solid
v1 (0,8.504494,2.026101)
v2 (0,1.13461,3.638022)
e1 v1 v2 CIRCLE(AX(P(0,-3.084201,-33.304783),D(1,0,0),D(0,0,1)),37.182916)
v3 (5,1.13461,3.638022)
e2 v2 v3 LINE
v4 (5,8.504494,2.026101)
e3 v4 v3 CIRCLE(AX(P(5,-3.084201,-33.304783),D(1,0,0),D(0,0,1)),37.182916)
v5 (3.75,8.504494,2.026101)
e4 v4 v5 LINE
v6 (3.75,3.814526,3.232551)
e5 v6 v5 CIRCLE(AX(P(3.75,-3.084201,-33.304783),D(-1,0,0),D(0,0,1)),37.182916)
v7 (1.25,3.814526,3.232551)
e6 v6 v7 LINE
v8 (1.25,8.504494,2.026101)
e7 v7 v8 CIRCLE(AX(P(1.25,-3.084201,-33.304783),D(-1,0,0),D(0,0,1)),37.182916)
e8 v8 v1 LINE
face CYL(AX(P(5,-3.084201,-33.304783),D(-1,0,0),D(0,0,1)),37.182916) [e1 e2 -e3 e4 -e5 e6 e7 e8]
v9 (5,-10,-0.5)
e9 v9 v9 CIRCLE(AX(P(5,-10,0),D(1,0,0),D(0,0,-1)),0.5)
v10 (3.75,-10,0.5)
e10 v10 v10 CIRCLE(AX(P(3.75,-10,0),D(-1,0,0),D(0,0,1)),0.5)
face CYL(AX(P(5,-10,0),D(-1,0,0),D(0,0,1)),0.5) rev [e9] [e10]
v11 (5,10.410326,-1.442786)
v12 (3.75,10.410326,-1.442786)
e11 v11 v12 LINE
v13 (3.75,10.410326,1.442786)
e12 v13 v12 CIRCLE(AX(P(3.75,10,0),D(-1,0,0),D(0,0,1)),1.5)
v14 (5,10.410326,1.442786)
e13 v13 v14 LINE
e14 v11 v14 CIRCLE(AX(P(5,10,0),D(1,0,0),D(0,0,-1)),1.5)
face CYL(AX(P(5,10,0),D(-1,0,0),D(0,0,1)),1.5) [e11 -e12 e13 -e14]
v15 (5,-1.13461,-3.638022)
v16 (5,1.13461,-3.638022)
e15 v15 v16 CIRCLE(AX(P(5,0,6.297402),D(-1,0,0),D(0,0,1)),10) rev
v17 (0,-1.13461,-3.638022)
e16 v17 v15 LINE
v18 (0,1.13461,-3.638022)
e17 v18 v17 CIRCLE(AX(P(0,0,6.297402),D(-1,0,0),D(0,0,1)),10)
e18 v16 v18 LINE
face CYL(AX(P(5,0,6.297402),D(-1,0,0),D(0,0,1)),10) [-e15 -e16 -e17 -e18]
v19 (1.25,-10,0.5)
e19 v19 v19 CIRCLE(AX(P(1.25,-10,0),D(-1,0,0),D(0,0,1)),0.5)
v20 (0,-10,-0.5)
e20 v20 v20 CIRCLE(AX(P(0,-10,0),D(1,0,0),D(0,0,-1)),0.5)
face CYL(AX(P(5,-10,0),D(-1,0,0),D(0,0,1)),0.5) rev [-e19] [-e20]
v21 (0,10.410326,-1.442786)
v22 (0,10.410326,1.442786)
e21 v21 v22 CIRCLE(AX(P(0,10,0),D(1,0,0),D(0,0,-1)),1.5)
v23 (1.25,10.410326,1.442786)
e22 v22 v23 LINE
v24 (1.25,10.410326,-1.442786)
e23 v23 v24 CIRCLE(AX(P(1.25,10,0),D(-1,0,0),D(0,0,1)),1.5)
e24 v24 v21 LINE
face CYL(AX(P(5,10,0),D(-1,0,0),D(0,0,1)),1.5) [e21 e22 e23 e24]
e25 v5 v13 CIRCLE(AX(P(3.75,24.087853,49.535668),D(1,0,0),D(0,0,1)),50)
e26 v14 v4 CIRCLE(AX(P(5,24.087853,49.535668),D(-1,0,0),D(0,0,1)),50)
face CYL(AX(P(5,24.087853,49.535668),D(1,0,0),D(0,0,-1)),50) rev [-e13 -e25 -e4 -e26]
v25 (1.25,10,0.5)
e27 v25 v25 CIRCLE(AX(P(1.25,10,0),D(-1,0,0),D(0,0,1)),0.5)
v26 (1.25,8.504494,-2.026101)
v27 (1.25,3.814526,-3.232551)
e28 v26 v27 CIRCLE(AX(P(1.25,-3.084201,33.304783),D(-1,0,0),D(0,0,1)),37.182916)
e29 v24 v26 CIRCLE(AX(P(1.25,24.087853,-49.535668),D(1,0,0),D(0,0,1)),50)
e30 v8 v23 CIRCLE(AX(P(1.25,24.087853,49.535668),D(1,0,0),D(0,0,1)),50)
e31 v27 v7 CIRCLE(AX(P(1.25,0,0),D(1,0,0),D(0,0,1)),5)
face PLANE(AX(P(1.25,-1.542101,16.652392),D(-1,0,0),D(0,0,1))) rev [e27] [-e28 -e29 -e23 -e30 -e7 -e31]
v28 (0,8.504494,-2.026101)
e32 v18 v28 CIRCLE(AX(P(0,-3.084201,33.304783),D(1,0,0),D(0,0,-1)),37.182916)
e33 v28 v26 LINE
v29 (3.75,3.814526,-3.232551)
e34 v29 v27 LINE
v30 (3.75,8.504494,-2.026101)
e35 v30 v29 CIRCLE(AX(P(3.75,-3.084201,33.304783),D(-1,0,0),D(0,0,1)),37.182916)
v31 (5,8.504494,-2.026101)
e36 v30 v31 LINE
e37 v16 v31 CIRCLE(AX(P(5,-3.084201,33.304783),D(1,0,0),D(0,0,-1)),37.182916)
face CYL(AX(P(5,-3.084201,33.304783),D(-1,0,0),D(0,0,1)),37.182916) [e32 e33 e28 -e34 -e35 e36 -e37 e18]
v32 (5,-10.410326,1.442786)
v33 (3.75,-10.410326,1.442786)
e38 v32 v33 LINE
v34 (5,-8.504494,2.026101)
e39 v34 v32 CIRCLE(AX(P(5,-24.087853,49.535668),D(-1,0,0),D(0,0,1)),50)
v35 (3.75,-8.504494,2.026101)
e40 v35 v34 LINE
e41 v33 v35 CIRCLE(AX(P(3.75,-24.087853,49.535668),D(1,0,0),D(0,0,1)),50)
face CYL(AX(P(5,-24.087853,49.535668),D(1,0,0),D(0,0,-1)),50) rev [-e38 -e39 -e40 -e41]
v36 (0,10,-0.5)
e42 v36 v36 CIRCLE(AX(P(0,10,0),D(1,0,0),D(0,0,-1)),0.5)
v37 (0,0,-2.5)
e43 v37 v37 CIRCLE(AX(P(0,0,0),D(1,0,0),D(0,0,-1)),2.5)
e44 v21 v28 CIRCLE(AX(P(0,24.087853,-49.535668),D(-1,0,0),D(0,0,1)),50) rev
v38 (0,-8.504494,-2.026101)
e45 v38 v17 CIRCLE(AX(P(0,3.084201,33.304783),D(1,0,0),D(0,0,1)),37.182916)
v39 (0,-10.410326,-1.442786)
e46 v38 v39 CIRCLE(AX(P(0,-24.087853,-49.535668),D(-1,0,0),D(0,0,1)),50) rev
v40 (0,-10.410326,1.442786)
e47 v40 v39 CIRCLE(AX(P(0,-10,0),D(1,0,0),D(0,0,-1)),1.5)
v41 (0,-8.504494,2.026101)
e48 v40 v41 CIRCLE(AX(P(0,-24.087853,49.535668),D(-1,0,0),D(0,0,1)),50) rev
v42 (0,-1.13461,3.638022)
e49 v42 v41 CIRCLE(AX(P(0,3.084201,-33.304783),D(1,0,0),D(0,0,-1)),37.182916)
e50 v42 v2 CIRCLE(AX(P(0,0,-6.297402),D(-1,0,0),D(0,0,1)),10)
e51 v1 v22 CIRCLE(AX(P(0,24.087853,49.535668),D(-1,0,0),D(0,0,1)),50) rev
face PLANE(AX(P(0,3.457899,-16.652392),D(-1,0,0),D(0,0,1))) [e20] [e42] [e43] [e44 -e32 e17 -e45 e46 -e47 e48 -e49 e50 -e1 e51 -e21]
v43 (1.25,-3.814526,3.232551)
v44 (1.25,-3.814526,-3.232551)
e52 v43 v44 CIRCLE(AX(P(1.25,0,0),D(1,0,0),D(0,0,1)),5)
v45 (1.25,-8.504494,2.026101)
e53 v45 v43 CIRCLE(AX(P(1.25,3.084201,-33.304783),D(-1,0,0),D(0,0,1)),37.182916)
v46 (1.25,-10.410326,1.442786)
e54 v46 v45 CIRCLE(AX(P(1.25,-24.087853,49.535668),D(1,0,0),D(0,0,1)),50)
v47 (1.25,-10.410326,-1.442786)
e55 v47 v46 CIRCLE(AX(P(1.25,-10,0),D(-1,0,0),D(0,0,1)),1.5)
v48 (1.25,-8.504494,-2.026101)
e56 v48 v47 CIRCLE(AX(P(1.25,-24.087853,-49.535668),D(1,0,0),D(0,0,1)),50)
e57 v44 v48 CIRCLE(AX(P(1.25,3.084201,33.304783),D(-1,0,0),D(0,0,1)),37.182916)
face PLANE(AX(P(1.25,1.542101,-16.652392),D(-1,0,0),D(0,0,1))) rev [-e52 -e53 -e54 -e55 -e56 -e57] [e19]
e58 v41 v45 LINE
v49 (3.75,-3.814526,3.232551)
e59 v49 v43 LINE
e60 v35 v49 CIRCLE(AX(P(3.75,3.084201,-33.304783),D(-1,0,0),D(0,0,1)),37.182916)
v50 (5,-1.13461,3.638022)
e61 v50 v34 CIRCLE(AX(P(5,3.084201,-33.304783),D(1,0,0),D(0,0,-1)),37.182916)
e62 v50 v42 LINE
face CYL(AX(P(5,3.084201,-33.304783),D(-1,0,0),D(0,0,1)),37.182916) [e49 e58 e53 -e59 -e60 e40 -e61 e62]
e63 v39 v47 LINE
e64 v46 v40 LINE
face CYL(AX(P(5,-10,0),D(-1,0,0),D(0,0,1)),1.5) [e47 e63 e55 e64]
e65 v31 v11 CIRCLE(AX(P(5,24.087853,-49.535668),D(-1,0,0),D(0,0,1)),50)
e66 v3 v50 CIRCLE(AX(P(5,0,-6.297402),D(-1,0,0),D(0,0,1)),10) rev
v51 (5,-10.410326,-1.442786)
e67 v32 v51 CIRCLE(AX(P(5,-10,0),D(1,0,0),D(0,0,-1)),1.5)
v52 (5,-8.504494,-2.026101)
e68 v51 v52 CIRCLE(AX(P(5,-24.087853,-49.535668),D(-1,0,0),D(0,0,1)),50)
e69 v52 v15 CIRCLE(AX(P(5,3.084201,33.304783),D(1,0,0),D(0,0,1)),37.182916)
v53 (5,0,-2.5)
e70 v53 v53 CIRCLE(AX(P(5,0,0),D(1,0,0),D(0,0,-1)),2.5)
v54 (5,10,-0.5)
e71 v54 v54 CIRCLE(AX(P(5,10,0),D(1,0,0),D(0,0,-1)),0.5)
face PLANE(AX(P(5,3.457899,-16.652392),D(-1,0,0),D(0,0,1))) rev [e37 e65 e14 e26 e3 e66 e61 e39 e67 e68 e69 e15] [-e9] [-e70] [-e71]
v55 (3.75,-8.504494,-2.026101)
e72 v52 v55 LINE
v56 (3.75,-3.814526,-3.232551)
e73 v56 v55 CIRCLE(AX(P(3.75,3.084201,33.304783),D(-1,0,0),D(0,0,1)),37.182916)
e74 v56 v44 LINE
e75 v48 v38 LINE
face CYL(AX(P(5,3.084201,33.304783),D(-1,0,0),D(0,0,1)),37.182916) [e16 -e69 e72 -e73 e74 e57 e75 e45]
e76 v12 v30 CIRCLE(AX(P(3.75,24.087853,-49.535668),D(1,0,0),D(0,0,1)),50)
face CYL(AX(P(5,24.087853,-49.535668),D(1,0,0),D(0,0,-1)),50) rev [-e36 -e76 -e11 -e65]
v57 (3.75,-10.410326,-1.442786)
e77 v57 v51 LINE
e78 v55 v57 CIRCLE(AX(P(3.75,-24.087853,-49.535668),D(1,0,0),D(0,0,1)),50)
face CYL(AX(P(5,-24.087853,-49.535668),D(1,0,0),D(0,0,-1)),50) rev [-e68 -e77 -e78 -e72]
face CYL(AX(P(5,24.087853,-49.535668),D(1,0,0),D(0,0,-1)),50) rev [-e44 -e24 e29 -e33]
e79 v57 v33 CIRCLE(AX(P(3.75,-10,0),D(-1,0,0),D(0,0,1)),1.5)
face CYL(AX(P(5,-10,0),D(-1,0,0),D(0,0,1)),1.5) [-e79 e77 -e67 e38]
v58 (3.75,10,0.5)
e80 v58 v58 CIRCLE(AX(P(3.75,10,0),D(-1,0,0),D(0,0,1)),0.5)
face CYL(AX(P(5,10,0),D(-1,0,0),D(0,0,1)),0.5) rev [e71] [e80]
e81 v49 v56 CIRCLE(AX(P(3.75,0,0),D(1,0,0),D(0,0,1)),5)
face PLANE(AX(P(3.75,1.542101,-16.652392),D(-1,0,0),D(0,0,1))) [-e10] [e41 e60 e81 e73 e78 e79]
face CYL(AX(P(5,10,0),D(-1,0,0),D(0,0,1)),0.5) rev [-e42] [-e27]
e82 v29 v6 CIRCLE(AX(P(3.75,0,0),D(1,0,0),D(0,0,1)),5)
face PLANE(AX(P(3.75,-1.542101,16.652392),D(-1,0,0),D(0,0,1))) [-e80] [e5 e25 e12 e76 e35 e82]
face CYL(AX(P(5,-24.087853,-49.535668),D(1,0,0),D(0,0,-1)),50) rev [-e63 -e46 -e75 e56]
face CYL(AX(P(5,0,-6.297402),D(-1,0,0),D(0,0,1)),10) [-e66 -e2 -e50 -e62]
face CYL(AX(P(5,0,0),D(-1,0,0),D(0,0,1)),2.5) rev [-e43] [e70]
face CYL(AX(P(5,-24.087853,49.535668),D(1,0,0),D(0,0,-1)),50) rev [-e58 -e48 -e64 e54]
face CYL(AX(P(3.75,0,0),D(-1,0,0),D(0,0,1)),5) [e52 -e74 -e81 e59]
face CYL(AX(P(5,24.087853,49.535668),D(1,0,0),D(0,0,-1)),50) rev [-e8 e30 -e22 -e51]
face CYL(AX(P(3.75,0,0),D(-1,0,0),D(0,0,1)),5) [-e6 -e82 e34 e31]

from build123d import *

# Parameters (mm, degrees)
CROQUIS1_R              = 2.5
CROQUIS1_R_2            = 0.5
SALIENTE_EXTRUIR1_DEPTH = 5
REDONDEO1_R             = 50
REDONDEO2_R             = 10
CORTAR_EXTRUIR1_START   = -2.5
CORTAR_EXTRUIR1_DEPTH   = 1.25


with BuildPart() as part:
    # Croquis1 → Saliente-Extruir1 (new body)
    with BuildSketch(Plane(origin=(0, 0, 0), x_dir=(0, 0, -1), z_dir=(1, 0, 0))):
        with BuildLine():
            ThreePointArc((-1.5, -10), (0, -11.5), (1.5, -10))
            ThreePointArc((1.5, -10), (2.97123258, -5.077902331), (3.75, 0))
            ThreePointArc((3.75, 0), (2.97123258, 5.077902331), (1.5, 10))
            ThreePointArc((1.5, 10), (0, 11.5), (-1.5, 10))
            ThreePointArc((-1.5, 10), (-2.97123258, 5.077902331), (-3.75, 0))
            ThreePointArc((-3.75, 0), (-2.97123258, -5.077902331), (-1.5, -10))
        make_face()
        Circle(CROQUIS1_R, mode=Mode.SUBTRACT)
        with Locations((0, 10)):
            Circle(CROQUIS1_R_2, mode=Mode.SUBTRACT)
        with Locations((0, -10)):
            Circle(CROQUIS1_R_2, mode=Mode.SUBTRACT)
    extrude(amount=SALIENTE_EXTRUIR1_DEPTH)

    # Redondeo1
    redondeo1_edges = [part.edges().sort_by_distance(p)[0] for p in [
        (2.5, 10, 1.5),
        (2.5, 10, -1.5),
        (2.5, -10, -1.5),
        (2.5, -10, 1.5),
    ]]
    fillet(redondeo1_edges, radius=REDONDEO1_R)

    # Redondeo2
    redondeo2_edges = [part.edges().sort_by_distance(p)[0] for p in [
        (2.5, 0, -3.75),
        (2.5, 0, 3.75),
    ]]
    fillet(redondeo2_edges, radius=REDONDEO2_R)

    # Croquis2 → Cortar-Extruir1 (cut, symmetric)
    with BuildSketch(Plane.ZY.offset(CORTAR_EXTRUIR1_START)):
        with BuildLine():
            ThreePointArc((-3.232551289, -3.814526467), (0, -5), (3.232551289, -3.814526467))
            ThreePointArc((3.232551289, -3.814526467), (2.705759395, -6.179171669), (2.02610144, -8.504493518))
            ThreePointArc((2.02610144, -8.504493518), (1.724946708, -9.454502859), (1.442786447, -10.410325806))
            ThreePointArc((1.442786447, -10.410325806), (0, -11.5), (-1.442786447, -10.410325806))
            ThreePointArc((-1.442786447, -10.410325806), (-1.724946708, -9.454502859), (-2.02610144, -8.504493518))
            ThreePointArc((-2.02610144, -8.504493518), (-2.705759395, -6.179171669), (-3.232551289, -3.814526467))
        make_face()
        with BuildLine():
            ThreePointArc((3.232551289, 3.814526467), (0, 5), (-3.232551289, 3.814526467))
            ThreePointArc((-3.232551289, 3.814526467), (-2.705759395, 6.179171669), (-2.02610144, 8.504493518))
            ThreePointArc((-2.02610144, 8.504493518), (-1.724946708, 9.454502859), (-1.442786447, 10.410325806))
            ThreePointArc((-1.442786447, 10.410325806), (0, 11.5), (1.442786447, 10.410325806))
            ThreePointArc((1.442786447, 10.410325806), (1.724946708, 9.454502859), (2.02610144, 8.504493518))
            ThreePointArc((2.02610144, 8.504493518), (2.705759395, 6.179171669), (3.232551289, 3.814526467))
        make_face()
    extrude(amount=CORTAR_EXTRUIR1_DEPTH, both=True, mode=Mode.SUBTRACT)


solid = part.part
